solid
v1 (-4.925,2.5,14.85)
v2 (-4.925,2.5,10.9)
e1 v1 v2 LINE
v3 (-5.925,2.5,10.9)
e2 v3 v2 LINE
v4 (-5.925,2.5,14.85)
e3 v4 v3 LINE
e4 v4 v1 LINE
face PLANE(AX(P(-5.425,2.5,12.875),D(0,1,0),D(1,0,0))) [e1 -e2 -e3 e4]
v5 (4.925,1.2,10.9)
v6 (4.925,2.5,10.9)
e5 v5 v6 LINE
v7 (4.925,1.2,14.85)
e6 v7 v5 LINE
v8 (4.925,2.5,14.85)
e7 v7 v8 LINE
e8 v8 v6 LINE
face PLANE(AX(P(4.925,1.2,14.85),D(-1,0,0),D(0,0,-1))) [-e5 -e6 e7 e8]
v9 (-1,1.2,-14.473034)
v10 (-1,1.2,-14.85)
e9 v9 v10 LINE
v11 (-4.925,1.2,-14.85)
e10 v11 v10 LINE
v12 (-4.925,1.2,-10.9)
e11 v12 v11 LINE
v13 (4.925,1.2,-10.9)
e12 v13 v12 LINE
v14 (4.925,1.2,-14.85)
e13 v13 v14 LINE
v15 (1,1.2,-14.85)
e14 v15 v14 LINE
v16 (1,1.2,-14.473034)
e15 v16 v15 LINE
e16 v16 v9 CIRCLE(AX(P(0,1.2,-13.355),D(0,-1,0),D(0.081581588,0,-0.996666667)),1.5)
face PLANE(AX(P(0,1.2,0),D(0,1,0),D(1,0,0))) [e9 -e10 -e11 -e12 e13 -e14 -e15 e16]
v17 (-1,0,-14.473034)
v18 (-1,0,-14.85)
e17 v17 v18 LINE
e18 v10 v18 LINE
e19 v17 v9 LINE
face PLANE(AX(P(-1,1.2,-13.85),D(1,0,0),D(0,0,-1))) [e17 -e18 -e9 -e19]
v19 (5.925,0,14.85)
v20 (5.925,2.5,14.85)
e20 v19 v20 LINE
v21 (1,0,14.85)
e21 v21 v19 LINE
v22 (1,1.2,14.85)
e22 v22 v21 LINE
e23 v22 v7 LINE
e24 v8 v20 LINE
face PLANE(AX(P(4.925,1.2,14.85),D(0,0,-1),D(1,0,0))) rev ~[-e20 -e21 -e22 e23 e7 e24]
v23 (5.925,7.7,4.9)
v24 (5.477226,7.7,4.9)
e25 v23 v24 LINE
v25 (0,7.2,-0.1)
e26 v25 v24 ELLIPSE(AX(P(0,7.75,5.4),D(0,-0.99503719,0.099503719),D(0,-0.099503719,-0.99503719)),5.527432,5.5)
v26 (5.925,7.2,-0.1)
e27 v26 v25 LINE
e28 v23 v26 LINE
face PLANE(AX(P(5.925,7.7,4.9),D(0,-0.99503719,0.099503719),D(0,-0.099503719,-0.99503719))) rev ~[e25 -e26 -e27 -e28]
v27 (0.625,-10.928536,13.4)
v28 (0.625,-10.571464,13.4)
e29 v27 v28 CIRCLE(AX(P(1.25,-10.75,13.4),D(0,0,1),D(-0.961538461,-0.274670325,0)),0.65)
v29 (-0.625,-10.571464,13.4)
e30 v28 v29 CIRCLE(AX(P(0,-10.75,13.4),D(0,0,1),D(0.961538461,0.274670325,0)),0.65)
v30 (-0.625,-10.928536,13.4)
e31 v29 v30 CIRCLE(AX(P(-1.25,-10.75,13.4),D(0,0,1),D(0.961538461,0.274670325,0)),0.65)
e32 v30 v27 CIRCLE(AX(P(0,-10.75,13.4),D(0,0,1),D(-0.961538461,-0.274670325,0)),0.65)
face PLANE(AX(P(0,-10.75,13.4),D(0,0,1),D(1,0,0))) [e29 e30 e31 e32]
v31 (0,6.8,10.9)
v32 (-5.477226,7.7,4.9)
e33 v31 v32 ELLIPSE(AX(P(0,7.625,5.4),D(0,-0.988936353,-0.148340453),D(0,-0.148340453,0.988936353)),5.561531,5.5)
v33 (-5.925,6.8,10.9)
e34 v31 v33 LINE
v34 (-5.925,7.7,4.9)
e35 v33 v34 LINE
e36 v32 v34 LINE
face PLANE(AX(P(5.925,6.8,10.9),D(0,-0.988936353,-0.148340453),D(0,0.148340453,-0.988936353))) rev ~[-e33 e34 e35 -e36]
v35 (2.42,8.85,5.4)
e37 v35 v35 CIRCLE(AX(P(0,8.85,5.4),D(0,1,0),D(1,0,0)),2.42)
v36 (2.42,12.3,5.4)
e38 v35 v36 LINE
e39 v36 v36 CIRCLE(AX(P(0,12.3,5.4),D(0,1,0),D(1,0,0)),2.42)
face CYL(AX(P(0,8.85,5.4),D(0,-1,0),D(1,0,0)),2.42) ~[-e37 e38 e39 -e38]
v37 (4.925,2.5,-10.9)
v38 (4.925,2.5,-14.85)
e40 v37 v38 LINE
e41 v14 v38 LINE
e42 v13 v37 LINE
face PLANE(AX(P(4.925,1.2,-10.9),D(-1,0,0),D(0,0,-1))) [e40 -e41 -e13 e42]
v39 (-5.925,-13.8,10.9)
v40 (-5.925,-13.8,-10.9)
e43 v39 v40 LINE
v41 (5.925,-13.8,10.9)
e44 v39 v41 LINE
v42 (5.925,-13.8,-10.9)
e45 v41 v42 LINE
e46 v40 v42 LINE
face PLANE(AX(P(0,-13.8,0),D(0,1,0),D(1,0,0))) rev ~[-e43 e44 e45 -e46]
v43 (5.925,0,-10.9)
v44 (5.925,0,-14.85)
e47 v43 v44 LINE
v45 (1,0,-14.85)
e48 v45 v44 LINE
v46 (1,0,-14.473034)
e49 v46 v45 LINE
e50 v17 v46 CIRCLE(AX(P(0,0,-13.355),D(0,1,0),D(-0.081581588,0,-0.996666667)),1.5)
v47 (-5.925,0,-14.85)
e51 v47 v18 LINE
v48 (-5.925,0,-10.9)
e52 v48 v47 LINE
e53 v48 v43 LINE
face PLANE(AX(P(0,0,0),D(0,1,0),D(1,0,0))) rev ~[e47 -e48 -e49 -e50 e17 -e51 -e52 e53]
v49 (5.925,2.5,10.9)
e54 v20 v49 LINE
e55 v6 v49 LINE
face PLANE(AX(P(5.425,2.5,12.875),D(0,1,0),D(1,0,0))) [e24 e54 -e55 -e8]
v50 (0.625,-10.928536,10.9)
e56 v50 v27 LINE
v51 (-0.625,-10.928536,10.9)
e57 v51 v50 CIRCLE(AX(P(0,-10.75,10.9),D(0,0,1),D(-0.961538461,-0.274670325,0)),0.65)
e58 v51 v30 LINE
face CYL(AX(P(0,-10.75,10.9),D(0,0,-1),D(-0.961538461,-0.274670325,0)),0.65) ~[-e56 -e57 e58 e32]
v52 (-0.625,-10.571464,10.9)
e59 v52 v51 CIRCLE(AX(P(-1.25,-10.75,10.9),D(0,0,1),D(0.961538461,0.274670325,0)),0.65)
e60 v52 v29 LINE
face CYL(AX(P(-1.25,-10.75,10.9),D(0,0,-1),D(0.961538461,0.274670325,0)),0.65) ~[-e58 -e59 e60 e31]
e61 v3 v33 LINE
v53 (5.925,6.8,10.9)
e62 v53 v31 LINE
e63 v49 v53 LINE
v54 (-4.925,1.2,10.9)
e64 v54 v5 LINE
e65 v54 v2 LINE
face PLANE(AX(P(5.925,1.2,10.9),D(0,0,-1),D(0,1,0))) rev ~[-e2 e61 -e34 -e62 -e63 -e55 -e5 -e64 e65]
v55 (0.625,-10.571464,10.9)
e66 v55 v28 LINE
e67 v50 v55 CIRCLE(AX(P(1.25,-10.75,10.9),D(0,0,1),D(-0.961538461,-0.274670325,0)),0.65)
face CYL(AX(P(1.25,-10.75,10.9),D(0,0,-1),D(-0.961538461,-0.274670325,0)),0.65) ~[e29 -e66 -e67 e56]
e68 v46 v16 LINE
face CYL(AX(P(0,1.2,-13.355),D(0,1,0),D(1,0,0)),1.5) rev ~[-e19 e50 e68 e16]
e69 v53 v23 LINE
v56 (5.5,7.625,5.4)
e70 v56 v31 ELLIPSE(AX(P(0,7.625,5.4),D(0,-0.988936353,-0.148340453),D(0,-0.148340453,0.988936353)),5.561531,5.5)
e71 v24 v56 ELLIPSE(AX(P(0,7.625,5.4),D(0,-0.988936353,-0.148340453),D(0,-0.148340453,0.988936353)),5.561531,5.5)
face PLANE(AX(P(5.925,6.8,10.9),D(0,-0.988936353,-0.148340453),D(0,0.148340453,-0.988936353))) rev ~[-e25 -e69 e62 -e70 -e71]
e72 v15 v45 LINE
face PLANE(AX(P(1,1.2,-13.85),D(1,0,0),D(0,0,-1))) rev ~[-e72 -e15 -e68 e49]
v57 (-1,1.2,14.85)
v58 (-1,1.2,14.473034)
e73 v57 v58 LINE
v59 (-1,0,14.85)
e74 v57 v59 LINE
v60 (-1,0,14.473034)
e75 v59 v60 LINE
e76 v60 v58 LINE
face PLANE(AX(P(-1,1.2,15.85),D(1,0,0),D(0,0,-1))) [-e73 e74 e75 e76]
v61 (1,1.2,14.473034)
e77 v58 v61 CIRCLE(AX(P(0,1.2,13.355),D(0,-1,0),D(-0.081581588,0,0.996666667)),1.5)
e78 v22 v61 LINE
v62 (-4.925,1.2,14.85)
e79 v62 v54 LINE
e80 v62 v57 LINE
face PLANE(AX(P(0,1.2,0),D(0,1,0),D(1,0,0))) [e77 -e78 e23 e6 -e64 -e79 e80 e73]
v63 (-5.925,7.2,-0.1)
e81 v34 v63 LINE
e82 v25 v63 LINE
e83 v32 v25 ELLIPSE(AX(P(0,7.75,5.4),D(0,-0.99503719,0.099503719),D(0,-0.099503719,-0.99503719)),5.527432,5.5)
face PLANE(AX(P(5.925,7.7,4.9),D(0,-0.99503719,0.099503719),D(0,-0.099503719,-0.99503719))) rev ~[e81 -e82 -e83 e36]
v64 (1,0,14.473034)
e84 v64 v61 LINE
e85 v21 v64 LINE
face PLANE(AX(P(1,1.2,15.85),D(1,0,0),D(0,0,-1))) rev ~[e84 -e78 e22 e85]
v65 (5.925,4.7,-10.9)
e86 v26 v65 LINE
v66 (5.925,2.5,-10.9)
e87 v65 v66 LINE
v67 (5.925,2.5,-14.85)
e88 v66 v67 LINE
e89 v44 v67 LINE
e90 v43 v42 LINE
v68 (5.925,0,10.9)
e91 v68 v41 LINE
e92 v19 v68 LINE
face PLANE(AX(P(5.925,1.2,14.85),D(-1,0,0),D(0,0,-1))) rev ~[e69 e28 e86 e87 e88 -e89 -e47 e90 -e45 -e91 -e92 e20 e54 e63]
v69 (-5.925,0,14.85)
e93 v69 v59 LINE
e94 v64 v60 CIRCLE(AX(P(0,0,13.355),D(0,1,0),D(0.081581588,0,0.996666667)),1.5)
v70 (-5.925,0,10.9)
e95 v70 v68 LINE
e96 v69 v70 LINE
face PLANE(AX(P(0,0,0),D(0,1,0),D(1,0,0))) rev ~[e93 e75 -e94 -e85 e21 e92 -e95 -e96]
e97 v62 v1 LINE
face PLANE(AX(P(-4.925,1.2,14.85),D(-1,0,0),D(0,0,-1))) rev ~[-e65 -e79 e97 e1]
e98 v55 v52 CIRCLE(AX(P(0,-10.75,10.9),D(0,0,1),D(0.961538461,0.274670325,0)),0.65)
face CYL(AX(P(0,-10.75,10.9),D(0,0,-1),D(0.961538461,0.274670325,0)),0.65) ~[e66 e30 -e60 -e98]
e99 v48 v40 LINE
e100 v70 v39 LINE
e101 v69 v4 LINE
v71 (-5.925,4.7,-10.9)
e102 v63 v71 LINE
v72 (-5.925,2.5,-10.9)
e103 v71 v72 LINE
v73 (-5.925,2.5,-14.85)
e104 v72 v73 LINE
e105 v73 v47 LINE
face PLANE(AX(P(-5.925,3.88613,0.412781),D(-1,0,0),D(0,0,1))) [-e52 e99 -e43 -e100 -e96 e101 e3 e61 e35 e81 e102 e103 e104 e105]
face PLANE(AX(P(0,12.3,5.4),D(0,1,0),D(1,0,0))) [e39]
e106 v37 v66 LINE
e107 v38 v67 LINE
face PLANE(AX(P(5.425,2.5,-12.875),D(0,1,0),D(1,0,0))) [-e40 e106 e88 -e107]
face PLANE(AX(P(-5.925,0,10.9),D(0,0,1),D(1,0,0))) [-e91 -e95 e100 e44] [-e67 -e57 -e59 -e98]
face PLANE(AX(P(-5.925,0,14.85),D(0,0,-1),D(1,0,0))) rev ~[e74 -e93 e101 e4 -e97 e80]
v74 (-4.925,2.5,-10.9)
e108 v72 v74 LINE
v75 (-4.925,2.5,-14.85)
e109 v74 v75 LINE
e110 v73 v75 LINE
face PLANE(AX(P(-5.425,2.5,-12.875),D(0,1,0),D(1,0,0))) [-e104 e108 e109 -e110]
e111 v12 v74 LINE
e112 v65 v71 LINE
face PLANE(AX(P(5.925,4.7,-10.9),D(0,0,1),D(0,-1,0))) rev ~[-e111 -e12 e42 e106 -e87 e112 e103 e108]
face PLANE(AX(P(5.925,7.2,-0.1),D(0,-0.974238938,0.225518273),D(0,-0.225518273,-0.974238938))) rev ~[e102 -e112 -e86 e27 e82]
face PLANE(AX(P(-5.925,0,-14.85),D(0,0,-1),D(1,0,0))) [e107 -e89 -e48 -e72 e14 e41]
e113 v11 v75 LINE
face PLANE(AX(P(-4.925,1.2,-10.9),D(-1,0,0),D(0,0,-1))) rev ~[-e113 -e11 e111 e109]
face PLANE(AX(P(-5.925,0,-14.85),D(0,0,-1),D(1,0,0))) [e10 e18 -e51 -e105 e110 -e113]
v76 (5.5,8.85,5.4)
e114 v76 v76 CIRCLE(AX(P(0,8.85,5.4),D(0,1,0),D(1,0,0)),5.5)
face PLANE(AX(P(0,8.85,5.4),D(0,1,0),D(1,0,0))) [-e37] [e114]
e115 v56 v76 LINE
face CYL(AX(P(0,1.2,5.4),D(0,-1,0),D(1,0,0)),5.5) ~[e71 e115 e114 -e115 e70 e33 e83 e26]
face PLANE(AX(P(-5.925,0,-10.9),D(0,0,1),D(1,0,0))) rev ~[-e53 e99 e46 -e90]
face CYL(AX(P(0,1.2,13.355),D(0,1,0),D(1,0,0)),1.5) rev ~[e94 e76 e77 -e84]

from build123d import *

# Parameters (mm, degrees)
SKETCH2_W           = 11.85
SKETCH2_H           = 21.8
BOSS_EXTRUDE1_DEPTH = 13.8
SKETCH3_W           = 11.85
SKETCH3_H           = 29.7
BOSS_EXTRUDE2_DEPTH = 1.2
SKETCH4_R           = 1.5
CUT_EXTRUDE11_DEPTH = 1.2
SKETCH5_W           = 2
SKETCH5_H           = 2
CUT_EXTRUDE12_DEPTH = 1.2
SKETCH6_R           = 5.5
BOSS_EXTRUDE3_DEPTH = 7.65
SKETCH7_R           = 2.42
BOSS_EXTRUDE4_DEPTH = 3.45
BOSS_EXTRUDE5_DEPTH = 11.85
SKETCH9_W           = 1
SKETCH9_H           = 3.95
BOSS_EXTRUDE6_DEPTH = 1.3
BOSS_EXTRUDE7_DEPTH = 2.5


with BuildPart() as part:
    # Sketch2 → Boss-Extrude1 (new body)
    with BuildSketch(Plane(origin=(0, 0, 0), x_dir=(1, 0, 0), z_dir=(0, 1, 0))):
        Rectangle(SKETCH2_W, SKETCH2_H)
    extrude(amount=-BOSS_EXTRUDE1_DEPTH)

    # Sketch3 → Boss-Extrude2 (add)
    with BuildSketch(Plane(origin=(0, 0, 0), x_dir=(1, 0, 0), z_dir=(0, 1, 0))):
        Rectangle(SKETCH3_W, SKETCH3_H)
    extrude(amount=BOSS_EXTRUDE2_DEPTH)

    # Sketch4 → Cut-Extrude11 (cut)
    with BuildSketch(Plane(origin=(0, 1.2, 0), x_dir=(1, 0, 0), z_dir=(0, 1, 0))):
        with Locations((0, 13.355)):
            Circle(SKETCH4_R)
        with Locations((0, -13.355)):
            Circle(SKETCH4_R)
    extrude(amount=-CUT_EXTRUDE11_DEPTH, mode=Mode.SUBTRACT)

    # Sketch5 → Cut-Extrude12 (cut)
    with BuildSketch(Plane(origin=(0, 1.2, 0), x_dir=(1, 0, 0), z_dir=(0, 1, 0))):
        with Locations((0, 14.85)):
            Rectangle(SKETCH5_W, SKETCH5_H)
        with Locations((0, -14.85)):
            Rectangle(SKETCH5_W, SKETCH5_H)
    extrude(amount=-CUT_EXTRUDE12_DEPTH, mode=Mode.SUBTRACT)

    # Sketch6 → Boss-Extrude3 (add)
    with BuildSketch(Plane(origin=(0, 1.2, 0), x_dir=(1, 0, 0), z_dir=(0, 1, 0))):
        with Locations((0, -5.4)):
            Circle(SKETCH6_R)
    extrude(amount=BOSS_EXTRUDE3_DEPTH)

    # Sketch7 → Boss-Extrude4 (add)
    with BuildSketch(Plane(origin=(0, 8.85, 0), x_dir=(1, 0, 0), z_dir=(0, 1, 0))):
        with Locations((0, -5.4)):
            Circle(SKETCH7_R)
    extrude(amount=BOSS_EXTRUDE4_DEPTH)

    # Sketch8 → Boss-Extrude5 (add)
    with BuildSketch(Plane(origin=(5.925, 0, 0), x_dir=(0, 0, -1), z_dir=(1, 0, 0))):
        Polygon((-10.9, 1.2), (-10.9, 6.8), (-4.9, 7.7), (0.1, 7.2), (10.9, 4.7), (10.9, 1.2), align=None)
    extrude(amount=-BOSS_EXTRUDE5_DEPTH)

    # Sketch9 → Boss-Extrude6 (add)
    with BuildSketch(Plane(origin=(0, 1.2, 0), x_dir=(1, 0, 0), z_dir=(0, 1, 0))):
        with Locations((5.425, -12.875)):
            Rectangle(SKETCH9_W, SKETCH9_H)
        with Locations((-5.425, -12.875)):
            Rectangle(SKETCH9_W, SKETCH9_H)
        with Locations((-5.425, 12.875)):
            Rectangle(SKETCH9_W, SKETCH9_H)
        with Locations((5.425, 12.875)):
            Rectangle(SKETCH9_W, SKETCH9_H)
    extrude(amount=BOSS_EXTRUDE6_DEPTH)

    # Sketch10 → Boss-Extrude7 (add)
    with BuildSketch(Plane.XY.offset(10.9)):
        with BuildLine():
            ThreePointArc((-0.625, -10.928535711), (0, -11.4), (0.625, -10.928535711))
            ThreePointArc((0.625, -10.928535711), (1.9, -10.75), (0.625, -10.571464289))
            ThreePointArc((0.625, -10.571464289), (0, -10.1), (-0.625, -10.571464289))
            ThreePointArc((-0.625, -10.571464289), (-1.9, -10.75), (-0.625, -10.928535711))
        make_face()
    extrude(amount=BOSS_EXTRUDE7_DEPTH)


solid = part.part
